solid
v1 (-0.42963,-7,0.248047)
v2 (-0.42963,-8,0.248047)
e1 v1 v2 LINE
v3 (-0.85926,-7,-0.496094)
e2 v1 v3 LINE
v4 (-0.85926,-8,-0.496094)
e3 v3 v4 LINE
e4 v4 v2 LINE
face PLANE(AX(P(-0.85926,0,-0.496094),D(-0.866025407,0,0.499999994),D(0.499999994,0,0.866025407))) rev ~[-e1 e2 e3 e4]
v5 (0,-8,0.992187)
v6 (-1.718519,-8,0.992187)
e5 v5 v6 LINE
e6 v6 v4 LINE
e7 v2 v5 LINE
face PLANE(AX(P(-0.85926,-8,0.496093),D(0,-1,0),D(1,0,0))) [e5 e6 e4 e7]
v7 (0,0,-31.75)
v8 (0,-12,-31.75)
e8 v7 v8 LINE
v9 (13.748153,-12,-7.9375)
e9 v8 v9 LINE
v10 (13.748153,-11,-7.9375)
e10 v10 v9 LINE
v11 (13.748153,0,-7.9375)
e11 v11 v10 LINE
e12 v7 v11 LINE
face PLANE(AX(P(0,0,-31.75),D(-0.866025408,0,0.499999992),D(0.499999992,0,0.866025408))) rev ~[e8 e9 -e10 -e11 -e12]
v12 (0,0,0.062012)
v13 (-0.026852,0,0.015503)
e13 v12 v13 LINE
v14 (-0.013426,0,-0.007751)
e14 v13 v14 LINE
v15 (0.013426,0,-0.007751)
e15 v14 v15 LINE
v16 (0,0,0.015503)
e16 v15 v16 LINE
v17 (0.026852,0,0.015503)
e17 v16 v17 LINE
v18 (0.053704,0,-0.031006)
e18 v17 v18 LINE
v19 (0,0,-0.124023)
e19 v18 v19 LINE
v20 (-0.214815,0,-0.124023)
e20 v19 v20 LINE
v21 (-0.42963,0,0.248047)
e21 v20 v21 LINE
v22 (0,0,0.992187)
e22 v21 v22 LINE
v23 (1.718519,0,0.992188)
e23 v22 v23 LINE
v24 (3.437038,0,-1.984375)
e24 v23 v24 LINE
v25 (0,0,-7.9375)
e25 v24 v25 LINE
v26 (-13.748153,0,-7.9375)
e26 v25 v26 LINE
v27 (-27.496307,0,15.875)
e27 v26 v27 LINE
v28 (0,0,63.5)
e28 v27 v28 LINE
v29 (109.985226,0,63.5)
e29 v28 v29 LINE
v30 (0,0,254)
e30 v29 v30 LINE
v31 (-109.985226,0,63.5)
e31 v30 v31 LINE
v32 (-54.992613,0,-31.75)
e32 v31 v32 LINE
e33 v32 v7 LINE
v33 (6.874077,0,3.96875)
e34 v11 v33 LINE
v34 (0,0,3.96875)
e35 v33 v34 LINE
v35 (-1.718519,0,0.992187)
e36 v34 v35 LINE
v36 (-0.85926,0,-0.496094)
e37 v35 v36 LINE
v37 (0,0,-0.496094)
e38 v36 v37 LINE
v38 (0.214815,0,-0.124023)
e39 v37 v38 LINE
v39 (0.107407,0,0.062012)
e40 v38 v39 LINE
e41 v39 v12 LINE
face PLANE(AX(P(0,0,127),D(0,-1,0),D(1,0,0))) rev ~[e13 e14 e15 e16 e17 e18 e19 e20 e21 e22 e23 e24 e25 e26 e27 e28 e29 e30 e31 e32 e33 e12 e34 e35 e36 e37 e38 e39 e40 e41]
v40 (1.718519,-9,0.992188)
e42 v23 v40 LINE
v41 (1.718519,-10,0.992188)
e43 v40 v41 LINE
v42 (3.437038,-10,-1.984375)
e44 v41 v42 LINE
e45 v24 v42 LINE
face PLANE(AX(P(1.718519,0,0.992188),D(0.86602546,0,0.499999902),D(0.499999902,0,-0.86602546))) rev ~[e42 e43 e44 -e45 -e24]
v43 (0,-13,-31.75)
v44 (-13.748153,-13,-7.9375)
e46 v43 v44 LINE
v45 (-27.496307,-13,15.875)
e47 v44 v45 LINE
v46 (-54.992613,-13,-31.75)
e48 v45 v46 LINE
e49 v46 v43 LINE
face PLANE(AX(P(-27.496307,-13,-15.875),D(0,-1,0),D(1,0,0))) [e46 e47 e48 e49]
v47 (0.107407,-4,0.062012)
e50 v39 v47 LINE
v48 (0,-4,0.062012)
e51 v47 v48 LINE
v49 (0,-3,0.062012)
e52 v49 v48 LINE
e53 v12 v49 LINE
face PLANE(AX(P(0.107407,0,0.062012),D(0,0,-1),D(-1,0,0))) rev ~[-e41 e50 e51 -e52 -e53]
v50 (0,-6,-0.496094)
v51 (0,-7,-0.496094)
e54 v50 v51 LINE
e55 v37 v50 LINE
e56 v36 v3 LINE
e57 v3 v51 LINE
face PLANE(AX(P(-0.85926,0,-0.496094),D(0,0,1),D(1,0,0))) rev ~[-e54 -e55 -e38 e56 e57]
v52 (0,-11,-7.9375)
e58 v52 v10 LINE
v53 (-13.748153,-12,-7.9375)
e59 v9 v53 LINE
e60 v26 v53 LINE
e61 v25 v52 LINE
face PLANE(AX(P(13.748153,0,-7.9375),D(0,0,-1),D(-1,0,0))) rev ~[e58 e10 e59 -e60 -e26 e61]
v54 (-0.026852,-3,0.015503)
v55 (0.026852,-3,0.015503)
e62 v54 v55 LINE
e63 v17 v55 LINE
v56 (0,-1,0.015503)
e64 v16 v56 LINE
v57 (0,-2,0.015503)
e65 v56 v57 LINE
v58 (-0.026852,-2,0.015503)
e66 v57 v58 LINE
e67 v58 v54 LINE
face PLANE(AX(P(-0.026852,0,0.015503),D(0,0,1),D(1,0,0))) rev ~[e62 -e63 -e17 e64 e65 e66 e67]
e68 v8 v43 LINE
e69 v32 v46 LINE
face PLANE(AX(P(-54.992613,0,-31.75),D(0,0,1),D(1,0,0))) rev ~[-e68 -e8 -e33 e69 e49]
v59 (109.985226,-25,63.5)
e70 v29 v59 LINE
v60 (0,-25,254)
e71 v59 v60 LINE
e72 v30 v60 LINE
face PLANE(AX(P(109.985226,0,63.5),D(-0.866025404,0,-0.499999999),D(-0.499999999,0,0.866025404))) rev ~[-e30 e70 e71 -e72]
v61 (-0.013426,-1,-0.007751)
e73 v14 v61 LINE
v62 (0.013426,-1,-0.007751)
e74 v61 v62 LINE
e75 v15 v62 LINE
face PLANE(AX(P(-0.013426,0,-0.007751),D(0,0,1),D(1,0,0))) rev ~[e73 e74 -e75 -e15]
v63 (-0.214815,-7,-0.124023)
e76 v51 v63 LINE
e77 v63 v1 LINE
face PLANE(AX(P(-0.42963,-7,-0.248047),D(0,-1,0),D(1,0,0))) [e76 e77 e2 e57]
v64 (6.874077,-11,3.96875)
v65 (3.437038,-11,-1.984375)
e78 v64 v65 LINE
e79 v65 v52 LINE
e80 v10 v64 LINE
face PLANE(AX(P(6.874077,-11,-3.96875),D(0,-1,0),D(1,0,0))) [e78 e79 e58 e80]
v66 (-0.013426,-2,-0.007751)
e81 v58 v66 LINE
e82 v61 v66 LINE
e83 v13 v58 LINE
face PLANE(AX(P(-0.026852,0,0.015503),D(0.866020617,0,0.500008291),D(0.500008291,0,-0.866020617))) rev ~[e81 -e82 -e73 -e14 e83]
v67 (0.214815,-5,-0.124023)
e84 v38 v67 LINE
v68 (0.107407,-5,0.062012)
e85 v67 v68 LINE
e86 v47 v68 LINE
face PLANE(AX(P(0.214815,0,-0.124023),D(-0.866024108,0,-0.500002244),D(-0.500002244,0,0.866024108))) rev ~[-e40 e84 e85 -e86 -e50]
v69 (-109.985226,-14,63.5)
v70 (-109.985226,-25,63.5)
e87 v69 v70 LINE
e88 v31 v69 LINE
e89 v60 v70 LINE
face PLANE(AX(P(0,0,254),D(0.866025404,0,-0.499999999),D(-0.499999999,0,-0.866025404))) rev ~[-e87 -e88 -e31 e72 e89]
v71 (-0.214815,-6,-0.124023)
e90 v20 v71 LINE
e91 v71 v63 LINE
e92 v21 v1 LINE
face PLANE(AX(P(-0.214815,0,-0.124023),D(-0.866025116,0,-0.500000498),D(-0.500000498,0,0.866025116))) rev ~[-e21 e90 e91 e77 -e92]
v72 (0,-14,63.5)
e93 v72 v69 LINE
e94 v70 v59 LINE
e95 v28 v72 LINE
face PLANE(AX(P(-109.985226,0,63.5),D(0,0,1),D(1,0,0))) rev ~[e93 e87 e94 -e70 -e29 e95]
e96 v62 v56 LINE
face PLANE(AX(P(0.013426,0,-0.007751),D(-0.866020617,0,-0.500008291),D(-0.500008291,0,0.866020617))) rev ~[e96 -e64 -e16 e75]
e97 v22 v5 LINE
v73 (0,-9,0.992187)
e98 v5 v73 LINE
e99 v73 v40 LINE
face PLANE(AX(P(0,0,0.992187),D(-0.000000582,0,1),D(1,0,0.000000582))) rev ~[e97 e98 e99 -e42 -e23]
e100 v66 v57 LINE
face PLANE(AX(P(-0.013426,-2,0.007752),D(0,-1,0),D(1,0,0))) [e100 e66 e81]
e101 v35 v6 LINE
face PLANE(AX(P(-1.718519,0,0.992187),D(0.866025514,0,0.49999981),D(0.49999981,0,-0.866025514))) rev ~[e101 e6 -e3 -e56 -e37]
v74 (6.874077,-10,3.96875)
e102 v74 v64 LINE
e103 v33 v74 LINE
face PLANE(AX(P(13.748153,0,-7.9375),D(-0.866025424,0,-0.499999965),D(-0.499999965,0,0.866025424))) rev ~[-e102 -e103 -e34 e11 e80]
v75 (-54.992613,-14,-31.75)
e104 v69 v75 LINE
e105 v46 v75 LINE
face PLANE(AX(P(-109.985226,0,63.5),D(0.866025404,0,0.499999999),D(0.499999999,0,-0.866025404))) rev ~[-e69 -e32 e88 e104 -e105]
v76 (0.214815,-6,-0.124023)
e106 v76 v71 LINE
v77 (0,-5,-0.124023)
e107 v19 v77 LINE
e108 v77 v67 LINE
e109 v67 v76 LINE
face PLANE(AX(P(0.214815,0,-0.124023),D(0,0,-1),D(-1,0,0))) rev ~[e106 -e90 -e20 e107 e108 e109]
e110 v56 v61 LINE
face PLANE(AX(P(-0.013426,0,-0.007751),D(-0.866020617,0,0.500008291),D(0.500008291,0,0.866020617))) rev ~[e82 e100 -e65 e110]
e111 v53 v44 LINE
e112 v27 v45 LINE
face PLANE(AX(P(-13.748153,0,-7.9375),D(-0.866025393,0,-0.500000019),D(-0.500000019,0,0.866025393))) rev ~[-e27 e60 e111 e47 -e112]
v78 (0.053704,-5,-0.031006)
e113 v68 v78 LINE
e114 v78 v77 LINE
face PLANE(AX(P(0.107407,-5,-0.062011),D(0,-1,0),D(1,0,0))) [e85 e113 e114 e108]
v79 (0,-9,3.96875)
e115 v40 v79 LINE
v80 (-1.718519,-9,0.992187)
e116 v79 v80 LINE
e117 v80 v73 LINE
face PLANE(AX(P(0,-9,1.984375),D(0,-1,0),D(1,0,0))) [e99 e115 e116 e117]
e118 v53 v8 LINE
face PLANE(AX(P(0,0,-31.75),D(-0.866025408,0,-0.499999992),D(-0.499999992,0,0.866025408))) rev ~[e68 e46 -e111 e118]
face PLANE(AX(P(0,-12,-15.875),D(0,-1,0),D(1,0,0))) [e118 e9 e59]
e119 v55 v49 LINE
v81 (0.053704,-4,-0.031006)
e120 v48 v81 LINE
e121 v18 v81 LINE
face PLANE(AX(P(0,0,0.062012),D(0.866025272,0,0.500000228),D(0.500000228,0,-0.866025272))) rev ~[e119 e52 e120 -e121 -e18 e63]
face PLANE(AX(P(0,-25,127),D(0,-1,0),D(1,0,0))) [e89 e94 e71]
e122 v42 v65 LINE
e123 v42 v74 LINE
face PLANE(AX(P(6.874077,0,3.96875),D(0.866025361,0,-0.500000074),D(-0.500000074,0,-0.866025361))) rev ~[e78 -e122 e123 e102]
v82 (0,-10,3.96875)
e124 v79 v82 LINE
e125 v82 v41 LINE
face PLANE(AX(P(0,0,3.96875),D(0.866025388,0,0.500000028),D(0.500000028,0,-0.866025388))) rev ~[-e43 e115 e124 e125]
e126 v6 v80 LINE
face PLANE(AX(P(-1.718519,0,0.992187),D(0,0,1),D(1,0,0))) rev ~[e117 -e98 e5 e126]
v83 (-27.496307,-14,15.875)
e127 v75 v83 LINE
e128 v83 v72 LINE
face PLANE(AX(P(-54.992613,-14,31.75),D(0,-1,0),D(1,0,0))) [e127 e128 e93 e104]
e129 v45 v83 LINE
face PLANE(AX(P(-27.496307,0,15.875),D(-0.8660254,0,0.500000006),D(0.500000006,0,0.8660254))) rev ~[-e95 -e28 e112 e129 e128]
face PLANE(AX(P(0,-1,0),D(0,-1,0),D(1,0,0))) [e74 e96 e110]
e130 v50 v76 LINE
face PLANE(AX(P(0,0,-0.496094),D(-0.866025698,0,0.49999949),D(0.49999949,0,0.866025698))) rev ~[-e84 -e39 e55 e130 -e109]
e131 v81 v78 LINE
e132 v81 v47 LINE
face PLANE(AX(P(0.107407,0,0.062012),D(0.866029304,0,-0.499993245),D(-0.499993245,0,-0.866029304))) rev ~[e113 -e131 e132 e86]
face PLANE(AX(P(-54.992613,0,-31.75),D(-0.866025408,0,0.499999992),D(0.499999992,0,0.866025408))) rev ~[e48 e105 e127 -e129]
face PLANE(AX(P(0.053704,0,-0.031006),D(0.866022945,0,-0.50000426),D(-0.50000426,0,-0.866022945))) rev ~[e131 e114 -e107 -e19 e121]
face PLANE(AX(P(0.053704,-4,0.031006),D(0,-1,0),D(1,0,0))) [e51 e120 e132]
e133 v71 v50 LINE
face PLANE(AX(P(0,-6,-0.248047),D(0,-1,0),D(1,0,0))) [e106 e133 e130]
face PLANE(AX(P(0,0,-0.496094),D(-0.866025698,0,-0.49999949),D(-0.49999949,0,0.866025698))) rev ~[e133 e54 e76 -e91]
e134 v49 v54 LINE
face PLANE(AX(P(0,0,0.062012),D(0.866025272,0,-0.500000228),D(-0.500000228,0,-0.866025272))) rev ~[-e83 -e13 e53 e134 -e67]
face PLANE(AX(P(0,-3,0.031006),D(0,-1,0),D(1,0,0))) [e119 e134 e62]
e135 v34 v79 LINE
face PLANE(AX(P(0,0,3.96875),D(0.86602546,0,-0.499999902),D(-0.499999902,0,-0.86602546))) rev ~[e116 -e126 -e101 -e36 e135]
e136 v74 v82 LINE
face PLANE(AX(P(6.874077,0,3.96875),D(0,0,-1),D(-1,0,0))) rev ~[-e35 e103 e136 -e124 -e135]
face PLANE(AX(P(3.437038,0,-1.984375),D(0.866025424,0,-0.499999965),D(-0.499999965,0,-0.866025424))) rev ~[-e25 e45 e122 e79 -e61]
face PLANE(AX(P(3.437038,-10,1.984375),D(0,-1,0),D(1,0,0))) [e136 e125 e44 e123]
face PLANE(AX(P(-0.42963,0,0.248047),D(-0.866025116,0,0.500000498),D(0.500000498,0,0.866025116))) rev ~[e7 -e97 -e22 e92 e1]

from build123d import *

# Parameters (mm, degrees)
F1_DEPTH  = 1
F2_DEPTH  = 2
F3_DEPTH  = 3
F4_DEPTH  = 4
F5_DEPTH  = 5
F6_DEPTH  = 6
F7_DEPTH  = 7
F8_DEPTH  = 8
F9_DEPTH  = 9
F10_DEPTH = 10
F11_DEPTH = 11
F12_DEPTH = 12
F13_DEPTH = 13
F14_DEPTH = 14
F15_DEPTH = 25


with BuildPart() as f1:
    # F0 (on Front) → F1 (new body)
    with BuildSketch(Plane.XZ):
        Polygon((-0.013426, -0.007751), (0.013426, -0.007751), (0, 0.015503), align=None)
    extrude(amount=F1_DEPTH)

    # F0 (on Front) → F2 (join)
    with BuildSketch(Plane.XZ):
        Polygon((0, 0.015503), (-0.026852, 0.015503), (-0.013426, -0.007751), align=None)
    extrude(amount=F2_DEPTH)

    # F0 (on Front) → F3 (join)
    with BuildSketch(Plane.XZ):
        Polygon((0.026852, 0.015503), (0, 0.062012), (-0.026852, 0.015503), (0, 0.015503), align=None)
    extrude(amount=F3_DEPTH)

    # F0 (on Front) → F4 (join)
    with BuildSketch(Plane.XZ):
        Polygon((0.053704, -0.031006), (0.107407, 0.062012), (0, 0.062012), (0.026852, 0.015503), align=None)
    extrude(amount=F4_DEPTH)

    # F0 (on Front) → F5 (join)
    with BuildSketch(Plane.XZ):
        Polygon((0, -0.124023), (0.214815, -0.124023), (0.107407, 0.062012), (0.053704, -0.031006), align=None)
    extrude(amount=F5_DEPTH)

    # F0 (on Front) → F6 (join)
    with BuildSketch(Plane.XZ):
        Polygon((-0.214815, -0.124023), (0, -0.496094), (0.214815, -0.124023), (0, -0.124023), align=None)
    extrude(amount=F6_DEPTH)

    # F0 (on Front) → F7 (join)
    with BuildSketch(Plane.XZ):
        Polygon((-0.42963, 0.248047), (-0.85926, -0.496094), (0, -0.496094), (-0.214815, -0.124023), align=None)
    extrude(amount=F7_DEPTH)

    # F0 (on Front) → F8 (join)
    with BuildSketch(Plane.XZ):
        Polygon((0, 0.992187), (-1.718519, 0.992187), (-0.85926, -0.496094), (-0.42963, 0.248047), align=None)
    extrude(amount=F8_DEPTH)

    # F0 (on Front) → F9 (join)
    with BuildSketch(Plane.XZ):
        Polygon((1.718519, 0.992188), (0, 3.96875), (-1.718519, 0.992187), (0, 0.992187), align=None)
    extrude(amount=F9_DEPTH)

    # F0 (on Front) → F10 (join)
    with BuildSketch(Plane.XZ):
        Polygon((3.437038, -1.984375), (6.874077, 3.96875), (0, 3.96875), (1.718519, 0.992188), align=None)
    extrude(amount=F10_DEPTH)

    # F0 (on Front) → F11 (join)
    with BuildSketch(Plane.XZ):
        Polygon((0, -7.9375), (13.748153, -7.9375), (6.874077, 3.96875), (3.437038, -1.984375), align=None)
    extrude(amount=F11_DEPTH)

    # F0 (on Front) → F12 (join)
    with BuildSketch(Plane.XZ):
        Polygon((-13.748153, -7.9375), (0, -31.75), (13.748153, -7.9375), (0, -7.9375), align=None)
    extrude(amount=F12_DEPTH)

    # F0 (on Front) → F13 (join)
    with BuildSketch(Plane.XZ):
        Polygon((-27.496307, 15.875), (-54.992613, -31.75), (0, -31.75), (-13.748153, -7.9375), align=None)
    extrude(amount=F13_DEPTH)

    # F0 (on Front) → F14 (join)
    with BuildSketch(Plane.XZ):
        Polygon((0, 63.5), (-109.985226, 63.5), (-54.992613, -31.75), (-27.496307, 15.875), align=None)
    extrude(amount=F14_DEPTH)

    # F0 (on Front) → F15 (join)
    with BuildSketch(Plane.XZ):
        Polygon((109.985226, 63.5), (0, 254), (-109.985226, 63.5), (0, 63.5), align=None)
    extrude(amount=F15_DEPTH)


solid = f1.part
